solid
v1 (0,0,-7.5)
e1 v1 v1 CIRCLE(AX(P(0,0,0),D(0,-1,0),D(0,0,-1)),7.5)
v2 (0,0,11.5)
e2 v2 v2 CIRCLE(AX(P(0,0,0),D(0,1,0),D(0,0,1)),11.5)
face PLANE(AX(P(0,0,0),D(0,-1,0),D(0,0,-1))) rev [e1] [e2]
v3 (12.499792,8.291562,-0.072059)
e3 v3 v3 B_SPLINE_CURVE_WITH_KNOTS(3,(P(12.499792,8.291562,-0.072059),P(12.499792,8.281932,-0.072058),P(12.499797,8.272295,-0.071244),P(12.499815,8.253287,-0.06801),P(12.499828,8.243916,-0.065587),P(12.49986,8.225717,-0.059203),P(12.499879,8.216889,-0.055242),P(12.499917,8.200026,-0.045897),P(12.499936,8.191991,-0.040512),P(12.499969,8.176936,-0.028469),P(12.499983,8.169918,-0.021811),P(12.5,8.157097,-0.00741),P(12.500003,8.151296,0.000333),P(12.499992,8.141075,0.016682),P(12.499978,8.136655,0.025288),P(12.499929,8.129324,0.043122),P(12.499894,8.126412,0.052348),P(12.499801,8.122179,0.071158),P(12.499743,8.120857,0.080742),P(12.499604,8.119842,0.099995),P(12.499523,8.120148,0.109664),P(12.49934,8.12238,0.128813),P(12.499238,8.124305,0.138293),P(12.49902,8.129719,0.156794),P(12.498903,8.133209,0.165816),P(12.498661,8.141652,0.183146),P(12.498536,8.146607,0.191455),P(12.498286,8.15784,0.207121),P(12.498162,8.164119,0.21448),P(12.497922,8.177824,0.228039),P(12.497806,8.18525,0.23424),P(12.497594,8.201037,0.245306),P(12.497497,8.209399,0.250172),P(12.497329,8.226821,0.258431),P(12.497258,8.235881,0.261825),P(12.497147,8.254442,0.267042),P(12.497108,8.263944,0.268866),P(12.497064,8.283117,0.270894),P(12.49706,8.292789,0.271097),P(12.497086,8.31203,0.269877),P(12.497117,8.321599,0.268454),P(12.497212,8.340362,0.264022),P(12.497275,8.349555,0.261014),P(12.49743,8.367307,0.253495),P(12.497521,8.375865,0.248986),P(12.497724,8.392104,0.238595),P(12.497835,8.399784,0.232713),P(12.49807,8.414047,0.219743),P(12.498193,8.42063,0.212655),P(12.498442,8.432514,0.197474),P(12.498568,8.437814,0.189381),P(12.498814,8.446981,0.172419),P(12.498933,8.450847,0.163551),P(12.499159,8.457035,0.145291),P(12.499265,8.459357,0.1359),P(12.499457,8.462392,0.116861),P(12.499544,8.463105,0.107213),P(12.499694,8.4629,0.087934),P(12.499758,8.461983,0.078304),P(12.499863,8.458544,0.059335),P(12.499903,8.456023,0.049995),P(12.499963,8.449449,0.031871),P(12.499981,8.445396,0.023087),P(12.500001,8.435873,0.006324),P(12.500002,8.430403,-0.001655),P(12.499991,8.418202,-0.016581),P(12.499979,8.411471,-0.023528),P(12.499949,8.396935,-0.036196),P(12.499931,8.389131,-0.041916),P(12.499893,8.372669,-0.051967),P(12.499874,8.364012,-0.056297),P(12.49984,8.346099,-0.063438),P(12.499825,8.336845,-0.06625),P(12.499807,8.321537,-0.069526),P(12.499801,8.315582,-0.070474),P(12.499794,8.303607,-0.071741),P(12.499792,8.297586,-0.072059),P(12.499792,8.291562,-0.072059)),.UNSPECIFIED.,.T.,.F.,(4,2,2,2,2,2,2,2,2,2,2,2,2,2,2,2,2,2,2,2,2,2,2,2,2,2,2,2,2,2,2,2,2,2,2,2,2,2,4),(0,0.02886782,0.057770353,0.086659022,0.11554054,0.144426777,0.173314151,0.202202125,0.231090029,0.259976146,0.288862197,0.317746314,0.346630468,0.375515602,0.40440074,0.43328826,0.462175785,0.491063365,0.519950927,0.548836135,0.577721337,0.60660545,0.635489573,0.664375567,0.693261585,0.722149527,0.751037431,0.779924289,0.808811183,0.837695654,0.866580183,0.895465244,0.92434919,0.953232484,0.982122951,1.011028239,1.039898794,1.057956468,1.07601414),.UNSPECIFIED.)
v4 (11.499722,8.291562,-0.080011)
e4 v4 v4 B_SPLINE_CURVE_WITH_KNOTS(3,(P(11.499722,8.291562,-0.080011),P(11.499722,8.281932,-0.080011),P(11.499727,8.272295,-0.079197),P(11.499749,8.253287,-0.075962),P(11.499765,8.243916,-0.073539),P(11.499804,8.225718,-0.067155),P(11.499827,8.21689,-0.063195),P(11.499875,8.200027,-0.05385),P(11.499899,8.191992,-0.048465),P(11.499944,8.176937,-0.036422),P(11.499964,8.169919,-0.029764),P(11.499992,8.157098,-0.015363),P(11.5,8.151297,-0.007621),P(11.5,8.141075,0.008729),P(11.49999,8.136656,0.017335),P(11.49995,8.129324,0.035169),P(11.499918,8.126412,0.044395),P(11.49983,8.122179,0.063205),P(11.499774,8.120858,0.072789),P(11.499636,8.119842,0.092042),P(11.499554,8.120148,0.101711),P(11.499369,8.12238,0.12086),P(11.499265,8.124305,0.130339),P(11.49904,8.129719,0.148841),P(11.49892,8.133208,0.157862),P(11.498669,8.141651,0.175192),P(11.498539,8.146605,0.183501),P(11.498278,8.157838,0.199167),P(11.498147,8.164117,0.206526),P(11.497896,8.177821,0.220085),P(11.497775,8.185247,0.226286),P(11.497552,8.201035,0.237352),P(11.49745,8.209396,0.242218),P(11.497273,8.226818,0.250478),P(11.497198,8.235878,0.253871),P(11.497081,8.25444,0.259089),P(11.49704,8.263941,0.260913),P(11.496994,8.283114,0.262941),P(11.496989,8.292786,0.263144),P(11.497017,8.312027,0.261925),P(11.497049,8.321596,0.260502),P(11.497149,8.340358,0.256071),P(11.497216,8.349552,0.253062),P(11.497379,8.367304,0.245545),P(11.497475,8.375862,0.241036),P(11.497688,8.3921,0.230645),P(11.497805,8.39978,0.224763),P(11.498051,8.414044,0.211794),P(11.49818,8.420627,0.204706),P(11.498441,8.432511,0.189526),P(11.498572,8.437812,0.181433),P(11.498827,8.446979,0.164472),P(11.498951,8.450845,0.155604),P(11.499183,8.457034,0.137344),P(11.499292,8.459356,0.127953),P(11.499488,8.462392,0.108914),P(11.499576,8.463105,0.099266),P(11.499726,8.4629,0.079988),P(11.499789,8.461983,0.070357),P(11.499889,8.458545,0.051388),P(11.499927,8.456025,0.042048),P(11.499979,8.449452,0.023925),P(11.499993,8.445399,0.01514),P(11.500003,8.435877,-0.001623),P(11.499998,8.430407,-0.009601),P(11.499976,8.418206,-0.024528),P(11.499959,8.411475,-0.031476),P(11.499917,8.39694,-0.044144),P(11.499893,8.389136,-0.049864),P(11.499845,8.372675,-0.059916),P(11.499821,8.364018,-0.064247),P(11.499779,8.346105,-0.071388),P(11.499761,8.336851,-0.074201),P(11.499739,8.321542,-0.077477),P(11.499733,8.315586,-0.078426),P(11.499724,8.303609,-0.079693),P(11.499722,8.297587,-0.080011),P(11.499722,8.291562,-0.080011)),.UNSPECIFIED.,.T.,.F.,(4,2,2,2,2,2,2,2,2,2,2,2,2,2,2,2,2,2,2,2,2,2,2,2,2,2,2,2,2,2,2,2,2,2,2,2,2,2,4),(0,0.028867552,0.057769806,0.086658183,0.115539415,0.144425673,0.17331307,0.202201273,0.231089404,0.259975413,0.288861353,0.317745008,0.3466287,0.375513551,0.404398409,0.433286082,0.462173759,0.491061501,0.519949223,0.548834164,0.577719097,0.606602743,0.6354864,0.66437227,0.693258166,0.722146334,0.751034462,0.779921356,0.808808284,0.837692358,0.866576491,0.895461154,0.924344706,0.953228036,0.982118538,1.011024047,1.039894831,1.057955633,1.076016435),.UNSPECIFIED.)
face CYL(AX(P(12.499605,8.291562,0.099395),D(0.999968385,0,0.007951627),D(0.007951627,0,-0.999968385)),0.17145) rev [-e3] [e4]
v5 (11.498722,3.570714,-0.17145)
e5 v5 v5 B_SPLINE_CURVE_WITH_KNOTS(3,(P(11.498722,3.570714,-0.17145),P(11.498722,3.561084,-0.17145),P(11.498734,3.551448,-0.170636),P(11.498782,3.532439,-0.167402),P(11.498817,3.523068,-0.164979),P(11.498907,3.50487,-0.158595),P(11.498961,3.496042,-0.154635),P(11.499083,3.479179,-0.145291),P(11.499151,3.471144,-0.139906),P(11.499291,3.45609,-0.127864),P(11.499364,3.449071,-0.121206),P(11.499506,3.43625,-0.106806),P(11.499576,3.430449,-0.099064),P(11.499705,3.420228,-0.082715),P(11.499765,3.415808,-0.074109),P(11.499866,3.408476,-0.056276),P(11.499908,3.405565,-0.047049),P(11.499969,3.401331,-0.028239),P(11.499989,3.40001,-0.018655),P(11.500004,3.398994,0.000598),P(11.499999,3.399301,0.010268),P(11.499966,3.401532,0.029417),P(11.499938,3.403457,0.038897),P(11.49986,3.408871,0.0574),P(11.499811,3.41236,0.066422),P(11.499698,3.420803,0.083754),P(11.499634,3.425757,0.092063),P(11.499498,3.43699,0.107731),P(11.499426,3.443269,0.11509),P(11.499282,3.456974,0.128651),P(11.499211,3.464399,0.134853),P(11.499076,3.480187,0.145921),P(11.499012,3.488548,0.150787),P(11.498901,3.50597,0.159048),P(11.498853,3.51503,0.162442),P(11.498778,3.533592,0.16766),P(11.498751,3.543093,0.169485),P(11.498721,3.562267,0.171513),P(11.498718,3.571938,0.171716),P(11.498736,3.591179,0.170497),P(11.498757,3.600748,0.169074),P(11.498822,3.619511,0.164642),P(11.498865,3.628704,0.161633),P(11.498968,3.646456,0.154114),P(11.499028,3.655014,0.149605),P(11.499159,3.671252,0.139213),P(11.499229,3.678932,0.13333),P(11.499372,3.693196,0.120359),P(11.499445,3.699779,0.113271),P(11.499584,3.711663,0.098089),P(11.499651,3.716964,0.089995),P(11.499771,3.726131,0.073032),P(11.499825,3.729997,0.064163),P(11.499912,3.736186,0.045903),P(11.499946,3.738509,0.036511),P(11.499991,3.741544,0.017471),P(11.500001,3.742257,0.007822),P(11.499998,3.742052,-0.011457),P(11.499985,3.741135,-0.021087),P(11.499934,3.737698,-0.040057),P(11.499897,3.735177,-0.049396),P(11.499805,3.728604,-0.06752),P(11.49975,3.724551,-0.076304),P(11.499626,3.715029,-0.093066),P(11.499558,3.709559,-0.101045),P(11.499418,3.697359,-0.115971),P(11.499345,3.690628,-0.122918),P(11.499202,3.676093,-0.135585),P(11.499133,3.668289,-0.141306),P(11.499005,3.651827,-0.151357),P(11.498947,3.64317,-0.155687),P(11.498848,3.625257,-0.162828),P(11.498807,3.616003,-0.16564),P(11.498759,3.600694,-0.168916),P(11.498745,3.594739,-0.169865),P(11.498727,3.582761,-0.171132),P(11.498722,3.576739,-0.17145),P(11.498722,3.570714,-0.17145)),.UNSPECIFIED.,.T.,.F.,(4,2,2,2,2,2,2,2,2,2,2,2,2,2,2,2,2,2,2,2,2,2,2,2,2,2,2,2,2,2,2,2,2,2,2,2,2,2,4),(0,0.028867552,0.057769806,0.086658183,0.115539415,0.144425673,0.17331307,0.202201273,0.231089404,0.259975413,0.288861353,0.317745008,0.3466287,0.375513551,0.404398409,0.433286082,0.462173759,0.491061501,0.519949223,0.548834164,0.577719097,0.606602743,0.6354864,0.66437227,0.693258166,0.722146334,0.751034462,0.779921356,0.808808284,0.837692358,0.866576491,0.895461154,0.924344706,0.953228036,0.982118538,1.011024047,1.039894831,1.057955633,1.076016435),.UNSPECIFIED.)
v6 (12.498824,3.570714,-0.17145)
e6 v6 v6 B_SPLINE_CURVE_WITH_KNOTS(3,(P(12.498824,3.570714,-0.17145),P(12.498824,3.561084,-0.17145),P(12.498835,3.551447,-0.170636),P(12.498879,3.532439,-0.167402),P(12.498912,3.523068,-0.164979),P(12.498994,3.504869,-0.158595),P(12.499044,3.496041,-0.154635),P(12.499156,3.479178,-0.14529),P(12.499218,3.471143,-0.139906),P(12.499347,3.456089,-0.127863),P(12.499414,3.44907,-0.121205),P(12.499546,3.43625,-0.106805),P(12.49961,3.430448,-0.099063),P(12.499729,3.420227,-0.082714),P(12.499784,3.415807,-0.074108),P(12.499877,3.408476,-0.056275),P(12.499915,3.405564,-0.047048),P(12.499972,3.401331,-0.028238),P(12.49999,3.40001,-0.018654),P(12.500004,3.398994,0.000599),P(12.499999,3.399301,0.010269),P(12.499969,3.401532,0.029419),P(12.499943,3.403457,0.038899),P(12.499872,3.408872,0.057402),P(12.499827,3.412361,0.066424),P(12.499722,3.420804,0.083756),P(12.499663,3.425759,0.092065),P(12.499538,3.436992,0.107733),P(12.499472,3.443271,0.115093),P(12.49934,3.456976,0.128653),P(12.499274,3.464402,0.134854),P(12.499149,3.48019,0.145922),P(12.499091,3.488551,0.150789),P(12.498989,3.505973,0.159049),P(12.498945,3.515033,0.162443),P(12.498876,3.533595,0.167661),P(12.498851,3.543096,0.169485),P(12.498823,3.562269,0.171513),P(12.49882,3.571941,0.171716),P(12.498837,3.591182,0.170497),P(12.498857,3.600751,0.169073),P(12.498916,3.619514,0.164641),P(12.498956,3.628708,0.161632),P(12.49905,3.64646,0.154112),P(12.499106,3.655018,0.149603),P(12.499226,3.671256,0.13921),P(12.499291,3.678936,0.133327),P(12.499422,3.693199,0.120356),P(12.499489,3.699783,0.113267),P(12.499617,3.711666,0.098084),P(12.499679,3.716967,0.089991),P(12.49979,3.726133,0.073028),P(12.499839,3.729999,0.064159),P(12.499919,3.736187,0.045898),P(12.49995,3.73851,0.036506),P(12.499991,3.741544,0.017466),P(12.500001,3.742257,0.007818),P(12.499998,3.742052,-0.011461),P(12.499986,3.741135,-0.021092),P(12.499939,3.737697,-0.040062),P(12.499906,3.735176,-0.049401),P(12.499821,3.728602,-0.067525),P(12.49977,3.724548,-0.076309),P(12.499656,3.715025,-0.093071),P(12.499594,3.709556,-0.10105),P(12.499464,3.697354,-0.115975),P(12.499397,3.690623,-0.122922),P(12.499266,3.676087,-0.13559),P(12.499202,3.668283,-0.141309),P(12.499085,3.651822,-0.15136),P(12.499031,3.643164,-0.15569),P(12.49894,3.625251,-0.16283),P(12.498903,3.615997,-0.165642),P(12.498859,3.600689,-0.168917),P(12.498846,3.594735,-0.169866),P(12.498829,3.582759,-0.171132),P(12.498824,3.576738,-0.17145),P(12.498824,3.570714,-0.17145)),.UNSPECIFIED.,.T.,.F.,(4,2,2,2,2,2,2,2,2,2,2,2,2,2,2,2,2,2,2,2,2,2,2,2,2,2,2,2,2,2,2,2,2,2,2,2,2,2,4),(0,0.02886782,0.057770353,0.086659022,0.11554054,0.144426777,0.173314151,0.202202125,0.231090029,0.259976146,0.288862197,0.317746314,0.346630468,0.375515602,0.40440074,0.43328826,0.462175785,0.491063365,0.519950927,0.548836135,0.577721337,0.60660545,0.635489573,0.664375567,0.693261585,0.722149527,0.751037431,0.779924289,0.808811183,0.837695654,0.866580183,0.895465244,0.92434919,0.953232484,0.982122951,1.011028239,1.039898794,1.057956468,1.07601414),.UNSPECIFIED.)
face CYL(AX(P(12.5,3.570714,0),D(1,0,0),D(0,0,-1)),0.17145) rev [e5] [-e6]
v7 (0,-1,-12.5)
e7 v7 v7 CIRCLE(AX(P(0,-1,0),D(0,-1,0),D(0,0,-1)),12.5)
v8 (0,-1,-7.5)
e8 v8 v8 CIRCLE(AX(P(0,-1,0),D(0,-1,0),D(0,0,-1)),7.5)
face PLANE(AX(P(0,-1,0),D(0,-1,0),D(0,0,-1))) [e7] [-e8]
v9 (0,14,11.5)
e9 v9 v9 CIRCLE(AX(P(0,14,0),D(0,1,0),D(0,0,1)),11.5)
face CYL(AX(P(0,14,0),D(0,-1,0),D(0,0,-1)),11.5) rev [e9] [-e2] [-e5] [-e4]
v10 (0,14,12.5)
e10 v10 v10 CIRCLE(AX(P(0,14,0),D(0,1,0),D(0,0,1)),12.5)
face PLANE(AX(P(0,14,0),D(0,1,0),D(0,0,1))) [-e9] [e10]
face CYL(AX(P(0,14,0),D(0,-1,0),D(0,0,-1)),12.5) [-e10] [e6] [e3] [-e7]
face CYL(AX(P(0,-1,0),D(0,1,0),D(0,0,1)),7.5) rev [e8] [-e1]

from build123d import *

# Parameters (mm, degrees)
SKETCH1_R                         = 12.5
SKETCH1_R_2                       = 11.5
BOSS_EXTRUDE1_DEPTH               = 14
BOSS_EXTRUDE2_START               = 1
SKETCH2_R                         = 12.5
SKETCH2_R_2                       = 7.5
BOSS_EXTRUDE2_DEPTH               = 1
F_80_0_0135_DIAMETER_HOLE1_REACH  = 31.497
F_80_0_0135_DIAMETER_HOLE1_BORE_R = 0.17145
F_80_0_0135_DIAMETER_HOLE2_REACH  = 31.833
F_80_0_0135_DIAMETER_HOLE2_BORE_R = 0.17145


with BuildPart() as part:
    # Sketch1 → Boss-Extrude1 (new body)
    with BuildSketch(Plane(origin=(0, 0, 0), x_dir=(1, 0, 0), z_dir=(0, 1, 0))):
        with Locations(Location((0, 0, 0), (0, 0, 270))):
            Circle(SKETCH1_R)
        with Locations(Location((0, 0, 0), (0, 0, 270))):
            Circle(SKETCH1_R_2, mode=Mode.SUBTRACT)
    extrude(amount=BOSS_EXTRUDE1_DEPTH)

    # Sketch2 → Boss-Extrude2 (add)
    with BuildSketch(Plane(origin=(0, 0, 0), x_dir=(-1, 0, 0), z_dir=(0, -1, 0)).offset(BOSS_EXTRUDE2_START)):
        with Locations(Location((0, 0, 0), (0, 0, 90))):
            Circle(SKETCH2_R)
        with Locations(Location((0, 0, 0), (0, 0, 90))):
            Circle(SKETCH2_R_2, mode=Mode.SUBTRACT)
    extrude(amount=-BOSS_EXTRUDE2_DEPTH)

    # #80 (0.0135) Diameter Hole1 bore (on position points) → #80 (0.0135) Diameter Hole1 (cut, up to next)
    with BuildSketch(Plane(origin=(12.499604816, 8.291561976, 0.099395334), x_dir=(-0.00795162675, 0, 0.999968385316), z_dir=(0.999968385316, 0, 0.00795162675)), mode=Mode.PRIVATE) as f_80_0_0135_diameter_hole1_sk1:
        Circle(F_80_0_0135_DIAMETER_HOLE1_BORE_R)
    f_80_0_0135_diameter_hole1_tool1 = extrude(f_80_0_0135_diameter_hole1_sk1.sketch, amount=-F_80_0_0135_DIAMETER_HOLE1_REACH, mode=Mode.PRIVATE) & part.part
    add(f_80_0_0135_diameter_hole1_tool1.solids().sort_by_distance((12.499605, 8.291562, 0.099395))[0], mode=Mode.SUBTRACT)

    # #80 (0.0135) Diameter Hole2 bore (on position points) → #80 (0.0135) Diameter Hole2 (cut, up to next)
    with BuildSketch(Plane(origin=(12.5, 3.570714214, 0), x_dir=(0, 0, 1), z_dir=(1, 0, 0)), mode=Mode.PRIVATE) as f_80_0_0135_diameter_hole2_sk1:
        Circle(F_80_0_0135_DIAMETER_HOLE2_BORE_R)
    f_80_0_0135_diameter_hole2_tool1 = extrude(f_80_0_0135_diameter_hole2_sk1.sketch, amount=-F_80_0_0135_DIAMETER_HOLE2_REACH, mode=Mode.PRIVATE) & part.part
    add(f_80_0_0135_diameter_hole2_tool1.solids().sort_by_distance((12.5, 3.570714, 0))[0], mode=Mode.SUBTRACT)


solid = part.part
